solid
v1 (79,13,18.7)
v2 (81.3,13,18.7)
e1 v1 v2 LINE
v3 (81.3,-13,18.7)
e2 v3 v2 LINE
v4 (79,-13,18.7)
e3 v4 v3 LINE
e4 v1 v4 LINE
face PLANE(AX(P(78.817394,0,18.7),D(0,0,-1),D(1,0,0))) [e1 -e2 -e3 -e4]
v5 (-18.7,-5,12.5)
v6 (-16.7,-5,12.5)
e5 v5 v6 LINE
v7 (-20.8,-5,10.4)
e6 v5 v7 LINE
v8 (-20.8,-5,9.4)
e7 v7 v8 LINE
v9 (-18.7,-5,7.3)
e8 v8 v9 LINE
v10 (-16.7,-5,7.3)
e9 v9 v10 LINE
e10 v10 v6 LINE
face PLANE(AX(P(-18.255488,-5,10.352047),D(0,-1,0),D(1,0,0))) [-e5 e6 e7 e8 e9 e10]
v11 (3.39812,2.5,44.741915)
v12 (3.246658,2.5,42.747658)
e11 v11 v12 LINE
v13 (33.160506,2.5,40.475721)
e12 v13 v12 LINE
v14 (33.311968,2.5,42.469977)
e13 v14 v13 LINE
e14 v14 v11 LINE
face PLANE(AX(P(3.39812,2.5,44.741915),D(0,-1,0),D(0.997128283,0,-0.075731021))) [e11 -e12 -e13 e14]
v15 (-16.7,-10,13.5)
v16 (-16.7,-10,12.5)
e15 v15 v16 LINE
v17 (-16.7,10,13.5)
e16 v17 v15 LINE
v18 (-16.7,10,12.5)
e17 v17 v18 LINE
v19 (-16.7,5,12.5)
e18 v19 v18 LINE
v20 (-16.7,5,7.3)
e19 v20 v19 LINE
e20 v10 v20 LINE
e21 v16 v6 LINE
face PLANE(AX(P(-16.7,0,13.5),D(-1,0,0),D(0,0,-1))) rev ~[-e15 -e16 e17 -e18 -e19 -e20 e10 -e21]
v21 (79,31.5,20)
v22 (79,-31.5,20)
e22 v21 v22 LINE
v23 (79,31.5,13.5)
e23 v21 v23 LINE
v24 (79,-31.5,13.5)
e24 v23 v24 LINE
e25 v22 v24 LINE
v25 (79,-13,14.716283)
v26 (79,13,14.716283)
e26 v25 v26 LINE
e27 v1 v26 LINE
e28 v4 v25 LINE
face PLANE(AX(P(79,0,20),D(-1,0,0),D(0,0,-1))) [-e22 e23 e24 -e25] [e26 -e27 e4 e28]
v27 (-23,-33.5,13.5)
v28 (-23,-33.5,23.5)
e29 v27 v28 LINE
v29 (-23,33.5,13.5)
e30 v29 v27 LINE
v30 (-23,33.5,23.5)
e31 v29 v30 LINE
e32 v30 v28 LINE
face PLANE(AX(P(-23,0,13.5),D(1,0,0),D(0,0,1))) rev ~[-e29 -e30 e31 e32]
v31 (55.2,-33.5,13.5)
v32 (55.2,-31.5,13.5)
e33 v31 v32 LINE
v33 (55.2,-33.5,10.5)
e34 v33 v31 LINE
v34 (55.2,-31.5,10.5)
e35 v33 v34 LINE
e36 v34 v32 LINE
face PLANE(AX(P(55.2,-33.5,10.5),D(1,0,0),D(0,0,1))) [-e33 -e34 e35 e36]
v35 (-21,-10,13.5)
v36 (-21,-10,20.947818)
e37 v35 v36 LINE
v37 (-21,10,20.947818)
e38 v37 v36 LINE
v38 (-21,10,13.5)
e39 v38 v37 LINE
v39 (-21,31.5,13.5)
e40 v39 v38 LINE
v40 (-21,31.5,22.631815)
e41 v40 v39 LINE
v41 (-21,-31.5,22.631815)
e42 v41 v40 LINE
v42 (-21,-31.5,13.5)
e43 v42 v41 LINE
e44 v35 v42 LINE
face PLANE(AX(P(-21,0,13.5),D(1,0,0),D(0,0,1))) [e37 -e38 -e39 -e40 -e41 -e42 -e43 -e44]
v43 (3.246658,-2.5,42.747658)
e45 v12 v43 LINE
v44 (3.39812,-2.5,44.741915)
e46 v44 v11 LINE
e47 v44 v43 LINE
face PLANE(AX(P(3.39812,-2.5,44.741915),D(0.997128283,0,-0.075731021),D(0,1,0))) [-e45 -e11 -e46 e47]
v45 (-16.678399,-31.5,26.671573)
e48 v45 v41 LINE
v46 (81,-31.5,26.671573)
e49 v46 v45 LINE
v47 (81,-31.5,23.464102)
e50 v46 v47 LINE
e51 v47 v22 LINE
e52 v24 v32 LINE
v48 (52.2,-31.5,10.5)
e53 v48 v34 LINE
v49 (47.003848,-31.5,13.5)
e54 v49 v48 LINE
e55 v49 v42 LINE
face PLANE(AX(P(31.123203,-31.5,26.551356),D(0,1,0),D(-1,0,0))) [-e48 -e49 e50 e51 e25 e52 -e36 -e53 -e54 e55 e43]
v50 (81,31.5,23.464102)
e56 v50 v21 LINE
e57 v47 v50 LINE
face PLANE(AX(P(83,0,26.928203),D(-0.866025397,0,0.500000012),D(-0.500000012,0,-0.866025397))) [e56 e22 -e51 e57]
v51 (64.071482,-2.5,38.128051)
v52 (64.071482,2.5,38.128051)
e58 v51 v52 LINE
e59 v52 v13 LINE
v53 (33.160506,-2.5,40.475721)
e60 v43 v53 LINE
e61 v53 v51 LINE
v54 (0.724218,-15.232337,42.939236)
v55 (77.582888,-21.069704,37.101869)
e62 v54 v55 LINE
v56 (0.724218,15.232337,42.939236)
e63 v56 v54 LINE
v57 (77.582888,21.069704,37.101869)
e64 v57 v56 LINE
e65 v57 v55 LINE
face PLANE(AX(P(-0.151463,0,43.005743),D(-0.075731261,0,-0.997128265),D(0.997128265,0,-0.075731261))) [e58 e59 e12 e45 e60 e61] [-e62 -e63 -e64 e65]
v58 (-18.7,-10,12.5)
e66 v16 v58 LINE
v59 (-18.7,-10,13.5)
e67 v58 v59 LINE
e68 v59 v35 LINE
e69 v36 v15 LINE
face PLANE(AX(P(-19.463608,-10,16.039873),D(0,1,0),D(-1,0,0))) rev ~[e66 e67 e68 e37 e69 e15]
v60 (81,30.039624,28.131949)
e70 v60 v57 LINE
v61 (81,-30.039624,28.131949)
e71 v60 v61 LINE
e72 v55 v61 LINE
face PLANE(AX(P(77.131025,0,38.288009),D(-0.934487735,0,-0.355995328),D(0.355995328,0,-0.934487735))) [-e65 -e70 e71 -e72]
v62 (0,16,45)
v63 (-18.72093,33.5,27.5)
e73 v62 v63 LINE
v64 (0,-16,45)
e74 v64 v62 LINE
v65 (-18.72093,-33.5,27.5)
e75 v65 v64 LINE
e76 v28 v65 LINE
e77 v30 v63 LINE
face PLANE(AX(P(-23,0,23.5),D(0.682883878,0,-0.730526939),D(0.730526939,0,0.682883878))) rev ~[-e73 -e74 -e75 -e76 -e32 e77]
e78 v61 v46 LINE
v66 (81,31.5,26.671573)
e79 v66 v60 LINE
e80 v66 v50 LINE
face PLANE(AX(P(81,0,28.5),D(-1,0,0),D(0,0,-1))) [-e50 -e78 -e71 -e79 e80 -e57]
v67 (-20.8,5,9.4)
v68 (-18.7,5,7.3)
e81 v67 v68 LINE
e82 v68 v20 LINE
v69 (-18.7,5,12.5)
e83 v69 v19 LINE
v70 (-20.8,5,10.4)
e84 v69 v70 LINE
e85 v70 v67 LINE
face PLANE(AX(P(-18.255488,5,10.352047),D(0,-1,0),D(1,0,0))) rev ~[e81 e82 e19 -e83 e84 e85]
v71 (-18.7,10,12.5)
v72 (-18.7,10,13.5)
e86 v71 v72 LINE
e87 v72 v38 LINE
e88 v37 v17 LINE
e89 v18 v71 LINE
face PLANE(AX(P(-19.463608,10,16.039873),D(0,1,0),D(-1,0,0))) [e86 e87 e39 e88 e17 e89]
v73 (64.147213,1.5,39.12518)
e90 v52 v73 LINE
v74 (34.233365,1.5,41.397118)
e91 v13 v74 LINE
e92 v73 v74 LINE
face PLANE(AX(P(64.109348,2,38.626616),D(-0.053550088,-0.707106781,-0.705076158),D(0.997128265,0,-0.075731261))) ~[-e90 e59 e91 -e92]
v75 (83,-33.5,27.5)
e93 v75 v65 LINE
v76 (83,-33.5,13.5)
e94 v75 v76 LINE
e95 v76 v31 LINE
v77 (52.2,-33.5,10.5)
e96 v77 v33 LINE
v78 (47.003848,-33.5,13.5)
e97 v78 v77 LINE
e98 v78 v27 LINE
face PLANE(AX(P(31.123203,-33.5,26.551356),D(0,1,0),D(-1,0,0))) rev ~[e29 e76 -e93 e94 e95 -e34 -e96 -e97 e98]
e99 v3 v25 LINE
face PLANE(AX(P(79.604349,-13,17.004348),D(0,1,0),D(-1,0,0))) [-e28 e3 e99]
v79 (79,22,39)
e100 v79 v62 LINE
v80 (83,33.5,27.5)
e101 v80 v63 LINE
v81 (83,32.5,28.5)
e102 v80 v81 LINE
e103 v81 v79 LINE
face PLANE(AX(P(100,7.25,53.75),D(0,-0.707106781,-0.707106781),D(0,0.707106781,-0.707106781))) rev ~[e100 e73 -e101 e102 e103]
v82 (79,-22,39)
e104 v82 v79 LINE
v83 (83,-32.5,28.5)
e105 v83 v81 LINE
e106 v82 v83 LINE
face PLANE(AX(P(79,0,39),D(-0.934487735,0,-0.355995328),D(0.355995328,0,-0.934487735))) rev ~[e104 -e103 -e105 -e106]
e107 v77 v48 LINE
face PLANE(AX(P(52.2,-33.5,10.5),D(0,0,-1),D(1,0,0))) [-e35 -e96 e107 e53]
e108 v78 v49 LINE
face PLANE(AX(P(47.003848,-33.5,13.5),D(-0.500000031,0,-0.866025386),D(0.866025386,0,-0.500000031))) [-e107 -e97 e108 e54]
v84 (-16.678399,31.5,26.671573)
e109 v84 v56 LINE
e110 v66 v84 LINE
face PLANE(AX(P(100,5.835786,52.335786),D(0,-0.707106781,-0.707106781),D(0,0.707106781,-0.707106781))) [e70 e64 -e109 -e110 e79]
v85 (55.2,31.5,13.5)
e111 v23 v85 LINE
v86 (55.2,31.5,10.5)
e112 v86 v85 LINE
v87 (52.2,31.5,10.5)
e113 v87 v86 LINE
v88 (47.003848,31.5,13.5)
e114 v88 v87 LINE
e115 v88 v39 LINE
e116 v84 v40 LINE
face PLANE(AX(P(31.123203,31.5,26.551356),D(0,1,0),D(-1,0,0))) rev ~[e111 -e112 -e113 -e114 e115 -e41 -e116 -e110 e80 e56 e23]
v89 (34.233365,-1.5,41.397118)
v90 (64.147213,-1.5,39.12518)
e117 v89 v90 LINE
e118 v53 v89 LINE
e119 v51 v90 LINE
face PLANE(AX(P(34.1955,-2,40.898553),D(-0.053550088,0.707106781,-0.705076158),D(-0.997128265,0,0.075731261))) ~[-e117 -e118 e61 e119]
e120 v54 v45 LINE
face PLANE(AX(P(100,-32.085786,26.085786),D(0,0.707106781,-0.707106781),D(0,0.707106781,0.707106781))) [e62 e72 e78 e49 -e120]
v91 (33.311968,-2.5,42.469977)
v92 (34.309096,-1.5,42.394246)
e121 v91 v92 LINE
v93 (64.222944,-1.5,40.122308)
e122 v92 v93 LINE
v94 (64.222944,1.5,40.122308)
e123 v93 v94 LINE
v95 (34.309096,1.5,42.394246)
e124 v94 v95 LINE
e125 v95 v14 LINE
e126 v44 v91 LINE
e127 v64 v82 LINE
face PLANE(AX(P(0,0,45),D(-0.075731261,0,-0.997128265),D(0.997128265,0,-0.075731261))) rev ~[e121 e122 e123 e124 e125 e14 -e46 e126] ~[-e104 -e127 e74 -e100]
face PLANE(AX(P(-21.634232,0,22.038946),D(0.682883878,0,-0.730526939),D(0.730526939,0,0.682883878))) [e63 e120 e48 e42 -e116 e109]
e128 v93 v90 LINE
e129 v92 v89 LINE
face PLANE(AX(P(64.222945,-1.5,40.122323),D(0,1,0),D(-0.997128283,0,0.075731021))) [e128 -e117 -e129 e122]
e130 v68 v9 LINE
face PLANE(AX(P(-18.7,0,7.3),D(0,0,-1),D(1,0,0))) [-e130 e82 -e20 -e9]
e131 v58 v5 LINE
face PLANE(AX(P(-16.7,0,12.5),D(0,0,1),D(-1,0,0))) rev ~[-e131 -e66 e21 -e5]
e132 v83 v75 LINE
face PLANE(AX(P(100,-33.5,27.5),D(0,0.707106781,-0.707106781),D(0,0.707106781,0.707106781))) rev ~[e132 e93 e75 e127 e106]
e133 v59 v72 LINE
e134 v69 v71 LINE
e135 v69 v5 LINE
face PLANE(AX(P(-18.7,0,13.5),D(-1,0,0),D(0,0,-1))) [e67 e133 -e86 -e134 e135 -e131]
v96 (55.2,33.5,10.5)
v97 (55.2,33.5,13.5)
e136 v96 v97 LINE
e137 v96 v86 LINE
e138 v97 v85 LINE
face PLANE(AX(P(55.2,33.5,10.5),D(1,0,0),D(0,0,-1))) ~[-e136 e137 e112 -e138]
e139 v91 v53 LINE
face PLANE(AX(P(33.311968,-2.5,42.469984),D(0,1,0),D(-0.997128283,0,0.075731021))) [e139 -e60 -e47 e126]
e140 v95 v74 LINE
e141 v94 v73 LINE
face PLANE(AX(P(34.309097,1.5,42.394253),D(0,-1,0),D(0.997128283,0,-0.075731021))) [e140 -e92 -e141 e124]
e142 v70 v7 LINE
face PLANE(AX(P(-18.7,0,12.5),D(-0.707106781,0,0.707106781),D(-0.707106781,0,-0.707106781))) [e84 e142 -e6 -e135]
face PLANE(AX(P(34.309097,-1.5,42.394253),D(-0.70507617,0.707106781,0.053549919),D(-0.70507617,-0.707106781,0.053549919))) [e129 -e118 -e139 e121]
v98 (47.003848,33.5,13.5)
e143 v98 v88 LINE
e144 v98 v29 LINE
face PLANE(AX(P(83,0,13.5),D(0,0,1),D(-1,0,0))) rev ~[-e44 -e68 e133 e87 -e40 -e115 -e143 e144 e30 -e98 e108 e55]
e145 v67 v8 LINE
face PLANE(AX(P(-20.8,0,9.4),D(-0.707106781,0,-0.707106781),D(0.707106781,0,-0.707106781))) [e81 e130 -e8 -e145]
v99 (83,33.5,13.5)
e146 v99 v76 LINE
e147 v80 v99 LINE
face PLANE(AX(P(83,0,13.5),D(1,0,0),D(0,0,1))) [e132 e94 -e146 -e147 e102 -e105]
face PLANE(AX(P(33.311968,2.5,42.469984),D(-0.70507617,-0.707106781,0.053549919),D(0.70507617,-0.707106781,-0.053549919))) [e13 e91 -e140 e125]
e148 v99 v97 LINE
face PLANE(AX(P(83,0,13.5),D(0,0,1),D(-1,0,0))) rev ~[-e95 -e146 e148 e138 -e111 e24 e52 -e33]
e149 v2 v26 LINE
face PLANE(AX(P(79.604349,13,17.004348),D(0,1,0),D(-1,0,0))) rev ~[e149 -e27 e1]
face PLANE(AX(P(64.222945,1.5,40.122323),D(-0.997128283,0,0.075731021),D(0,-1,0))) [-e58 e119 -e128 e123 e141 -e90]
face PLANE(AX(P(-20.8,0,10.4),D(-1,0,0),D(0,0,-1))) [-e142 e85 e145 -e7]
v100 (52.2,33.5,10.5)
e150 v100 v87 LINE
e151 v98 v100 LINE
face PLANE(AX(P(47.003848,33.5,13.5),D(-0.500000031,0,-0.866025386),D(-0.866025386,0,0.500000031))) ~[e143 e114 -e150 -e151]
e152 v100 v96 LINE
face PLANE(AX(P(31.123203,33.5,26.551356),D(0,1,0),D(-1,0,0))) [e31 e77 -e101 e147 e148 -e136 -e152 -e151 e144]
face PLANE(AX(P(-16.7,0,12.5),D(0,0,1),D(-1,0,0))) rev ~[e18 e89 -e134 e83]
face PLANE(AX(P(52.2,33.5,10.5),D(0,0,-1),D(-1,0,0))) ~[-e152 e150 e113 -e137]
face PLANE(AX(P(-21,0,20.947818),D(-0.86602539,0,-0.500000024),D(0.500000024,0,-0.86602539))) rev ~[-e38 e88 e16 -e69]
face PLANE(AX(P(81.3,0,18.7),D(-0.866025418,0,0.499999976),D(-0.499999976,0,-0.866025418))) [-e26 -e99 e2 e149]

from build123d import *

# Parameters (mm, degrees)
PAD003_DEPTH    = 33.5
SKETCH015_W     = 120
SKETCH015_H     = 100
POCKET011_DEPTH = 123.001
THICKNESS_T     = -2
PAD004_DEPTH    = 31.5
POCKET012_DEPTH = 13
PAD005_DEPTH    = 10
PAD006_DEPTH    = 5
PAD007_DEPTH    = 2
POCKET013_DEPTH = 5
CHAMFER001_SIZE = 1


with BuildPart() as part:
    # Sketch014 → Pad003 (new body, symmetric)
    with BuildSketch(Plane.XZ):
        Polygon((-23, 23.5), (0, 45), (79, 39), (83, 28.5), (83, 13.5), (-23, 13.5), align=None)
    extrude(amount=PAD003_DEPTH, both=True)

    # Sketch015 (on DatumPlane) → Pocket011 (cut, through all)
    with BuildSketch(Plane.YZ.offset(100)):
        with Locations((0, 16.75)):
            Rectangle(SKETCH015_W, SKETCH015_H)
        Polygon((-33.5, 27.5), (-7.25, 53.75), (7.25, 53.75), (33.5, 27.5), (33.5, 13.5), (-33.5, 13.5), align=None, mode=Mode.SUBTRACT)
    extrude(amount=-POCKET011_DEPTH, mode=Mode.SUBTRACT)

    # Thickness
    thickness_openings = [part.faces().sort_by_distance(p)[0] for p in [
        (30, 0, 13.5),
    ]]
    offset(amount=THICKNESS_T, openings=thickness_openings)

    # Sketch020 (on DatumPlane) → Pad004 (join, symmetric)
    with BuildSketch(Plane.XZ):
        Polygon((83, 26.928203), (79, 20), (79, 13.5), (83, 13.5), align=None)
    extrude(amount=PAD004_DEPTH, both=True)

    # Sketch021 (on DatumPlane) → Pocket012 (cut, symmetric)
    with BuildSketch(Plane.XZ):
        Polygon((78.817394, 18.7), (81.3, 18.7), (78.817394, 14.4), align=None)
    extrude(amount=POCKET012_DEPTH, both=True, mode=Mode.SUBTRACT)

    # Sketch022 (on DatumPlane) → Pad005 (join, symmetric)
    with BuildSketch(Plane.XZ):
        Polygon((-21, 20.947818), (-16.7, 13.5), (-16.7, 12.5), (-18.7, 12.5), (-18.7, 13.5), (-21, 13.5), align=None)
    extrude(amount=PAD005_DEPTH, both=True)

    # Sketch023 (on DatumPlane) → Pad006 (join, symmetric)
    with BuildSketch(Plane.XZ):
        Polygon((-18.7, 13.5), (-18.7, 12.5), (-20.8, 10.4), (-20.8, 9.4), (-18.7, 7.3), (-16.7, 7.3), (-16.7, 13.5), align=None)
    extrude(amount=PAD006_DEPTH, both=True)

    # Sketch024 (on Face6 of Pad006) → Pad007 (join)
    with BuildSketch(Plane.XZ.offset(33.5)):
        Polygon((55.2, 13.5), (47.003848, 13.5), (52.2, 10.5), (55.2, 10.5), align=None)
    pad007 = extrude(amount=-PAD007_DEPTH)

    # Mirrored004: Pad007 across XZ
    add(pad007.mirror(Plane.XZ))

    # Sketch025 (on DatumPlane) → Pocket013 (cut)
    with BuildSketch(Plane(origin=(3.39812, 0, 44.741915), x_dir=(0.997128, 0, -0.075731), z_dir=(0.075731, 0, 0.997128))):
        Polygon((0, 2.5), (30, 2.5), (31, 1.5), (61, 1.5), (61, -1.5), (31, -1.5), (30, -2.5), (0, -2.5), align=None)
    extrude(amount=-POCKET013_DEPTH, mode=Mode.SUBTRACT)

    # Chamfer001
    chamfer001_edges = [part.edges().sort_by_distance(p)[0] for p in [
        (49.114558, 1.5, 39.26402),
        (49.114558, -1.5, 39.26402),
    ]]
    chamfer(chamfer001_edges, length=CHAMFER001_SIZE)


solid = part.part
